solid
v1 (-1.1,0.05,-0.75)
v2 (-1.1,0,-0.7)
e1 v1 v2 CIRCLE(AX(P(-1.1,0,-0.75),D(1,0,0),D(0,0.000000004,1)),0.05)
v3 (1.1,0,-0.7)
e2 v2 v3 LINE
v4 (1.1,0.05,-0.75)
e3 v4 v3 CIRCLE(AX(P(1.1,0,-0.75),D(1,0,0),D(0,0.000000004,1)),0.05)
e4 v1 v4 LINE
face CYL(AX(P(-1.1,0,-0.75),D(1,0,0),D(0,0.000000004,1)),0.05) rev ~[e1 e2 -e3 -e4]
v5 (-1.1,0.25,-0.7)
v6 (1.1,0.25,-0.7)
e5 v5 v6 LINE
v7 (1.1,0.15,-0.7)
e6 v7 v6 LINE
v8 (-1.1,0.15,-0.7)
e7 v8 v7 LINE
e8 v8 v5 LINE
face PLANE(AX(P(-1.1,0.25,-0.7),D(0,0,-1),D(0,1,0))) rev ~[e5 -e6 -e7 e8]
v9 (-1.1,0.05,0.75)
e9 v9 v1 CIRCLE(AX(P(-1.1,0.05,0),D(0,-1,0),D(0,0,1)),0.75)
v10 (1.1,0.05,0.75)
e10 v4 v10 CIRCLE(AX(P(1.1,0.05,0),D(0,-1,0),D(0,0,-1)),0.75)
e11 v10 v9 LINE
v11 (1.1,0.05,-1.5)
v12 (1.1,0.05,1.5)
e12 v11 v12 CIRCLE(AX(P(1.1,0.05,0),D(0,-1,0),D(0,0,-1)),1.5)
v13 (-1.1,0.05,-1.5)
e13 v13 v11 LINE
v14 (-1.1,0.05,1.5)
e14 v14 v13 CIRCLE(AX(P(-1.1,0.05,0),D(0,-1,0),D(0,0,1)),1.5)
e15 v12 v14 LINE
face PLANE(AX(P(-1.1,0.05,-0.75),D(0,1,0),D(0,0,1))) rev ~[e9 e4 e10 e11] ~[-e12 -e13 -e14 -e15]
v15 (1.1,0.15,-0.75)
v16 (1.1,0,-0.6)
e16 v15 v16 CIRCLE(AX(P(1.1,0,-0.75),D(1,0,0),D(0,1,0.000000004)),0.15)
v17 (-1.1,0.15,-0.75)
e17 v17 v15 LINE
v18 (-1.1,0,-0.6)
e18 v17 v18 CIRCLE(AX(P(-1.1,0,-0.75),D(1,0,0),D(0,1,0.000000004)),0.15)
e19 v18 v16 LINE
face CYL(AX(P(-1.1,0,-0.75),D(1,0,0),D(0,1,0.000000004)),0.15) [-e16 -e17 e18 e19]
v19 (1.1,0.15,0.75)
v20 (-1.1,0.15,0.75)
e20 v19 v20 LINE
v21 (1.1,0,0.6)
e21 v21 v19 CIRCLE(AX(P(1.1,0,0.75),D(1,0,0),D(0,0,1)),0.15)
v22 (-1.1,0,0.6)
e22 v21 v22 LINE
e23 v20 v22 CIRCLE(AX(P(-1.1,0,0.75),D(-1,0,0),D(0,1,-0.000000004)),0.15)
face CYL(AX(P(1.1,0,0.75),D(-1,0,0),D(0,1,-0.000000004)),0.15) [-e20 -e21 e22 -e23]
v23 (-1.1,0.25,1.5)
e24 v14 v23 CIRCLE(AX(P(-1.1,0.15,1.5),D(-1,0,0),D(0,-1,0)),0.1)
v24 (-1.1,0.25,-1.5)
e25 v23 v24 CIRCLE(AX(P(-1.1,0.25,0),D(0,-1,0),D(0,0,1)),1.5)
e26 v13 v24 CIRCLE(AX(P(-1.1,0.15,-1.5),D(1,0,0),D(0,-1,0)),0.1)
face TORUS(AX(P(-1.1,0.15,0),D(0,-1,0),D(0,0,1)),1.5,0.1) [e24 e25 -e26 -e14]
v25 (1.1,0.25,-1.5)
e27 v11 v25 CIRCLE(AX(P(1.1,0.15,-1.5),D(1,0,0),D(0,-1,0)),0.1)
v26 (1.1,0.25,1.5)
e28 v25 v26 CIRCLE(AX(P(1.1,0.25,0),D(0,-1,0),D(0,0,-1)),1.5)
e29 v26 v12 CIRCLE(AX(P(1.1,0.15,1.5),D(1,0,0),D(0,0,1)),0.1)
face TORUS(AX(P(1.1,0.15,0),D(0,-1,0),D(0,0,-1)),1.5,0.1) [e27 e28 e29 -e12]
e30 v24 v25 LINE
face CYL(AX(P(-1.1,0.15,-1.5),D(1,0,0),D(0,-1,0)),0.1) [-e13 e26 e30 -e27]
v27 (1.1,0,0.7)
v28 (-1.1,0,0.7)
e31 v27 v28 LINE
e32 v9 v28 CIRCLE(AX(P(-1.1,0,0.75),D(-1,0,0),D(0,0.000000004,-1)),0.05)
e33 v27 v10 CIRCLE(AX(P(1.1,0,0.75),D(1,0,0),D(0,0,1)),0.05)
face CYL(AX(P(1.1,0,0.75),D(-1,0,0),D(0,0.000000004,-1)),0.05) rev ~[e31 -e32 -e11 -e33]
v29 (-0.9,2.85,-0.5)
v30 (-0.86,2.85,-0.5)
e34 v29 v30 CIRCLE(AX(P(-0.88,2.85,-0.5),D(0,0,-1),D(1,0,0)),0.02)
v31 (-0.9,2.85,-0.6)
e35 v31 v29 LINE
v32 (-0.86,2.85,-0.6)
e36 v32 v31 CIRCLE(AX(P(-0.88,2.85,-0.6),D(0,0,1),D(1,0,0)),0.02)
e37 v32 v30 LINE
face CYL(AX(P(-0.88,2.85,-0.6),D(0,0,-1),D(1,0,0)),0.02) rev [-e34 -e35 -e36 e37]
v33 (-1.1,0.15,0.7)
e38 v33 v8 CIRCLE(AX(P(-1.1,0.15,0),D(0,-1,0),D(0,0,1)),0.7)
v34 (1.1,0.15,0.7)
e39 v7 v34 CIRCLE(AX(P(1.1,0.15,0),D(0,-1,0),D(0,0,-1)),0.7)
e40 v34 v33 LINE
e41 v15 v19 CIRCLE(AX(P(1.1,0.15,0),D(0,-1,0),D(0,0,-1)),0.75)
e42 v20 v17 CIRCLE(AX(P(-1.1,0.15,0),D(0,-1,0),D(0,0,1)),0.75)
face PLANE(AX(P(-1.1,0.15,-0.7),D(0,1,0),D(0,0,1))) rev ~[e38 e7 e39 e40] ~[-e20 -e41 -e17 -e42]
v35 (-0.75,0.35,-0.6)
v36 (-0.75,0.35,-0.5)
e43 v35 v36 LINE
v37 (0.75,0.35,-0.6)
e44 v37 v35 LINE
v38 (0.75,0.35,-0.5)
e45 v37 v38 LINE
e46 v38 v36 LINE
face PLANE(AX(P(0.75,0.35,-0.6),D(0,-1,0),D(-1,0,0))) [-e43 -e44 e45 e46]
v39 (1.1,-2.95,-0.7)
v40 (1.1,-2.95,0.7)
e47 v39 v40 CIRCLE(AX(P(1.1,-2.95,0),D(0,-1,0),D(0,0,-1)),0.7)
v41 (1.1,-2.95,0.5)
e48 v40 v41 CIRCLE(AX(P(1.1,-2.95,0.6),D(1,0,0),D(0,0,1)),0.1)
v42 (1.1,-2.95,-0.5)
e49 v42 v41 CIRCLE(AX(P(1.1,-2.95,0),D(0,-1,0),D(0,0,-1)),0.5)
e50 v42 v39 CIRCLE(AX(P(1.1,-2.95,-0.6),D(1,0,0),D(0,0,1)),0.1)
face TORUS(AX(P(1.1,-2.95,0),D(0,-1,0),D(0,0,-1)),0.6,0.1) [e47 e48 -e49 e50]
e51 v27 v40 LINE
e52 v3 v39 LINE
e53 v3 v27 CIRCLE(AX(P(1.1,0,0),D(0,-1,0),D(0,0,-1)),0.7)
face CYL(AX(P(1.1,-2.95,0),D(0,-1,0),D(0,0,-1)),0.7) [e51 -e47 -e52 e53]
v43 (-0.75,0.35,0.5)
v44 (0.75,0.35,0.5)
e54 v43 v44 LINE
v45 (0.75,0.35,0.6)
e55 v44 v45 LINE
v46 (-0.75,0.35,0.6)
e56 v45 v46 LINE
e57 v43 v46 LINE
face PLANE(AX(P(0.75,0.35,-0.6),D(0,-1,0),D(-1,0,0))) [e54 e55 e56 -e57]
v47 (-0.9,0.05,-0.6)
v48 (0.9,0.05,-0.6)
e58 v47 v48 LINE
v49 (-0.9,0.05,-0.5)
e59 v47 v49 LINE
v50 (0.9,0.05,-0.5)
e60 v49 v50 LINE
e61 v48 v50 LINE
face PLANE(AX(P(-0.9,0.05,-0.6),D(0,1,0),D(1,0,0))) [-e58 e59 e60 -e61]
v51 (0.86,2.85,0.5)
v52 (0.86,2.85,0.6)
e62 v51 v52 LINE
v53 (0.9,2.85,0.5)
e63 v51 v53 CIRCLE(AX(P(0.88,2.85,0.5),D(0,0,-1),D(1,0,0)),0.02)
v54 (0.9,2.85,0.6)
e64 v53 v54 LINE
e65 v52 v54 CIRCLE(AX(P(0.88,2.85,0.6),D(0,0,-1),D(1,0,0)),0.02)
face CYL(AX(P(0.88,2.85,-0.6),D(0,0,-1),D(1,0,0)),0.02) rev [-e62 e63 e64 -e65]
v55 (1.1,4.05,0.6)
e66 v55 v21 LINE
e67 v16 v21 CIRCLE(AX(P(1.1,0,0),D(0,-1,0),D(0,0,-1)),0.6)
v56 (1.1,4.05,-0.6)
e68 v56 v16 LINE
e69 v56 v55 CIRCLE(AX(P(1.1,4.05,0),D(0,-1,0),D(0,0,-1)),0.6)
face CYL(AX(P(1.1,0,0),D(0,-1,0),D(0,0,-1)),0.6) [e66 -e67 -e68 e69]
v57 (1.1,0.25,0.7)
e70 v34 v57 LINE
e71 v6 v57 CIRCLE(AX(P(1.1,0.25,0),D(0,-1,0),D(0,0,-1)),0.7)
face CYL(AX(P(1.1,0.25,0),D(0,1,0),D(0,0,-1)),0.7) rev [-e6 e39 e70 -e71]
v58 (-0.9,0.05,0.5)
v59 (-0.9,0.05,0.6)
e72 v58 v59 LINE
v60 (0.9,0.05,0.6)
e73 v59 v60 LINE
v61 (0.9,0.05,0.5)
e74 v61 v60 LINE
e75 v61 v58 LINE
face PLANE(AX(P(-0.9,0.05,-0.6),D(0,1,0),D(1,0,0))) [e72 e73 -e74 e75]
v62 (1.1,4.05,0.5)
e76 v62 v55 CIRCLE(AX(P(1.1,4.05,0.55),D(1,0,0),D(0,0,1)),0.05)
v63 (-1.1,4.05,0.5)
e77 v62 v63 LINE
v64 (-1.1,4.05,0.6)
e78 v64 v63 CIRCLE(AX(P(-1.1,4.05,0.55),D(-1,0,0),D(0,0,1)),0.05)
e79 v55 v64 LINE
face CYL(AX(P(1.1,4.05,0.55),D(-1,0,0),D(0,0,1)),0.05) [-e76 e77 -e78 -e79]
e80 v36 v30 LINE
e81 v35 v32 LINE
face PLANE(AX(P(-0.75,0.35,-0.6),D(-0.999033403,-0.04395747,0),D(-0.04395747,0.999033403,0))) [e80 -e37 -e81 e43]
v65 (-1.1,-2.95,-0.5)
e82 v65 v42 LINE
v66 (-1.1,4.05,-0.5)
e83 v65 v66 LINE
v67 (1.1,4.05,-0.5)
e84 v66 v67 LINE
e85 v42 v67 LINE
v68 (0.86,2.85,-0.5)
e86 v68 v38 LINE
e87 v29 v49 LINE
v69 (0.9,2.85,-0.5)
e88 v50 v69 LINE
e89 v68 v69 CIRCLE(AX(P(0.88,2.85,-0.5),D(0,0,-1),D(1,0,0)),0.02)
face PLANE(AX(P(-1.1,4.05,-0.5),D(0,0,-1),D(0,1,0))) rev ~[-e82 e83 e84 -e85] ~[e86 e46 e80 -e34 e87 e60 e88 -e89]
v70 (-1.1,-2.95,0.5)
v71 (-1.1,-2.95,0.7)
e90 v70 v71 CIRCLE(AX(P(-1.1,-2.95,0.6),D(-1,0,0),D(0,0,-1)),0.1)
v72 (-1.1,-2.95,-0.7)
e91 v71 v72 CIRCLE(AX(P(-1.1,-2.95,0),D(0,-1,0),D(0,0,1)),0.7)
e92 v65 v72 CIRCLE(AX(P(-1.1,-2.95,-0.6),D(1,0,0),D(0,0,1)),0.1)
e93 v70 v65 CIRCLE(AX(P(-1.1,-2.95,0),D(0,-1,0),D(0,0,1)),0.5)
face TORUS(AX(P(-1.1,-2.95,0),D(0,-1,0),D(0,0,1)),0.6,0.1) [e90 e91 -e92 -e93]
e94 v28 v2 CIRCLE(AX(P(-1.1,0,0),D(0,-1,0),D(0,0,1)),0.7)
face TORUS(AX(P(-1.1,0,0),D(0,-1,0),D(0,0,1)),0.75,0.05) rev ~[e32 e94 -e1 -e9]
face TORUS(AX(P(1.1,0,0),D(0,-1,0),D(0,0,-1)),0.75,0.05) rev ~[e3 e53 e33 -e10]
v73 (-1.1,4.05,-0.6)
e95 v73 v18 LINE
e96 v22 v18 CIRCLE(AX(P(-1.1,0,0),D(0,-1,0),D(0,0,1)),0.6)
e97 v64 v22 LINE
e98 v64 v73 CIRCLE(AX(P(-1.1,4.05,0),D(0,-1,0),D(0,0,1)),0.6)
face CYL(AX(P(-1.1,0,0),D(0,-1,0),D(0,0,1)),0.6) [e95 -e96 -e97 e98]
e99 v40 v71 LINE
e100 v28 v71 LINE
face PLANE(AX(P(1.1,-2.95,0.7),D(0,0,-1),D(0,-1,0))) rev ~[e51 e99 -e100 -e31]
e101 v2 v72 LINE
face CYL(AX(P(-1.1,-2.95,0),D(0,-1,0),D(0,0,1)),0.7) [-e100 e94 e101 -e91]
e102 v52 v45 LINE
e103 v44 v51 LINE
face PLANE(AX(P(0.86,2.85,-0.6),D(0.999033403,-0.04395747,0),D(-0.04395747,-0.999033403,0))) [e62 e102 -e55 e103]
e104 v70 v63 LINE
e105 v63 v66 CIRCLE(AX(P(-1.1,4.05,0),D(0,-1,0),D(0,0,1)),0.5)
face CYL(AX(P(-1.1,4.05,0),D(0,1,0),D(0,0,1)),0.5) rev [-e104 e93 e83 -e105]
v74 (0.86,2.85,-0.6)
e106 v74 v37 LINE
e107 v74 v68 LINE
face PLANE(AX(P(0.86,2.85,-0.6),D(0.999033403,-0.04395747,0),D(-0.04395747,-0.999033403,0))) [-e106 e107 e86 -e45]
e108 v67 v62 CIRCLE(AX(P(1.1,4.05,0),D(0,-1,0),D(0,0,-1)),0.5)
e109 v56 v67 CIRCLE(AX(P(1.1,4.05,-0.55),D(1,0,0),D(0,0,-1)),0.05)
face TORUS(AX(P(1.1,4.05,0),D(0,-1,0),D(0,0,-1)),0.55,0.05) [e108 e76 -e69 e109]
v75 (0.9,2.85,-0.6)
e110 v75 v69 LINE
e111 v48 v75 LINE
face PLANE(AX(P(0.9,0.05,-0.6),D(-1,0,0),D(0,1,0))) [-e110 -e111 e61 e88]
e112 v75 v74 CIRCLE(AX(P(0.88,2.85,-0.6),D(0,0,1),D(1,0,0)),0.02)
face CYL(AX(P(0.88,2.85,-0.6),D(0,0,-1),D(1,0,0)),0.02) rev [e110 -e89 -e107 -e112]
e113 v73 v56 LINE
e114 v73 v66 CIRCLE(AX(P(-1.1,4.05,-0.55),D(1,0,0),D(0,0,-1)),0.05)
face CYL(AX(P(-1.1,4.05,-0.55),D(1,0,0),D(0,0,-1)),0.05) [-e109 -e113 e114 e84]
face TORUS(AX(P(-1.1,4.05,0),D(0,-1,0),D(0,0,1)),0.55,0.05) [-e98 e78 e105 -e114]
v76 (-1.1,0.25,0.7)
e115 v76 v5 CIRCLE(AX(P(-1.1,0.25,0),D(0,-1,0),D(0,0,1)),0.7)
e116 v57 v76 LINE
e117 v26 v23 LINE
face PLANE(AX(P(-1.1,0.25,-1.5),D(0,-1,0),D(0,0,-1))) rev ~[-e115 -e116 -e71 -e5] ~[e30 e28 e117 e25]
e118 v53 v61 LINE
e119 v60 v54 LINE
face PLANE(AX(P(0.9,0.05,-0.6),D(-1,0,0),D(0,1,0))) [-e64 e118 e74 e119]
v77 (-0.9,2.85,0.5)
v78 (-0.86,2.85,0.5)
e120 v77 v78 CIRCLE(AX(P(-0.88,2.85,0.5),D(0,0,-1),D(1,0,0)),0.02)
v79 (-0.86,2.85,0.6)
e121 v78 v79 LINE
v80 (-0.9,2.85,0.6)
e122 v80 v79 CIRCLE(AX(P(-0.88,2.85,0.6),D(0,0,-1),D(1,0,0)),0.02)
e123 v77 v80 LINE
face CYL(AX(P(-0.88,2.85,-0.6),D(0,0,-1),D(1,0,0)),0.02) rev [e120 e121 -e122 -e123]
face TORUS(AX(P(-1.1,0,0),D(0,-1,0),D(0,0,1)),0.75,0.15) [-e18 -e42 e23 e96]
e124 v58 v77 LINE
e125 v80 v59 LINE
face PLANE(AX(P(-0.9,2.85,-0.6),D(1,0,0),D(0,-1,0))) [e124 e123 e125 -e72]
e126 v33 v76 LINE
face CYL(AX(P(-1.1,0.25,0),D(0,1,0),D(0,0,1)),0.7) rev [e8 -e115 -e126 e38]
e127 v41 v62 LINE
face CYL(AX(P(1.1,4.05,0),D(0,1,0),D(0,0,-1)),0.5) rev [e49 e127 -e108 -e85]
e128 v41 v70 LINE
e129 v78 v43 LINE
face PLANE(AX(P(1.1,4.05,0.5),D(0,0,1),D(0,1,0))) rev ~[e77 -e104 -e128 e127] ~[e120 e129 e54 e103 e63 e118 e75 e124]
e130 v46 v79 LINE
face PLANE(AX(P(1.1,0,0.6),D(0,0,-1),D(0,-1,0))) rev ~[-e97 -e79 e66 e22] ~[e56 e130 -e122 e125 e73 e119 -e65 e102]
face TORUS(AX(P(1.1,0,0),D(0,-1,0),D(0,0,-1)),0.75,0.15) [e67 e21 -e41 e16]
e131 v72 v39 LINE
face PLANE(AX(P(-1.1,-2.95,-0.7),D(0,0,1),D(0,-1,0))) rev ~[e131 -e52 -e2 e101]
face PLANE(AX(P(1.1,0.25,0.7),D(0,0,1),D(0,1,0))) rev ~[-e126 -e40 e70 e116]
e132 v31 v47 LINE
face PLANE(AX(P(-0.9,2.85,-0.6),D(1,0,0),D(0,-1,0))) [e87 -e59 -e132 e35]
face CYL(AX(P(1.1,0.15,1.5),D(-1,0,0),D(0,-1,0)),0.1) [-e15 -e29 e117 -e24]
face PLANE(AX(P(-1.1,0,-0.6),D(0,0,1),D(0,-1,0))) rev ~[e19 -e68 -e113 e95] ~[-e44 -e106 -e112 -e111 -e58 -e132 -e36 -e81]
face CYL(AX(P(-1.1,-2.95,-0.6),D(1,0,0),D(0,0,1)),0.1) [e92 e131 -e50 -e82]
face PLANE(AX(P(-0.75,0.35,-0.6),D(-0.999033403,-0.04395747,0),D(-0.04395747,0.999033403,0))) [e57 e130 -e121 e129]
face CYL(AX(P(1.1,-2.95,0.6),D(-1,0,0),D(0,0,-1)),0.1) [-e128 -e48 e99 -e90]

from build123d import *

# Parameters (mm, degrees)
CUT_EXTRUDE1_REACH = 7.38


with BuildPart() as part:
    # Sweep1: sweep along a path in Sketch2
    with BuildLine(Plane(origin=(0, 0, 0), x_dir=(1, 0, 0), z_dir=(0, 1, 0))) as sweep1_path:
        Line((-1.1, 0.5), (1.1, 0.5))
        ThreePointArc((1.1, 0.5), (1.6, 0), (1.1, -0.5))
        Line((1.1, -0.5), (-1.1, -0.5))
        ThreePointArc((-1.1, -0.5), (-1.6, 0), (-1.1, 0.5))
    # Sketch1 → Sweep1 (sweep)
    with BuildSketch(Plane.XY):
        with BuildLine():
            Line((-1.6, 4.05), (-1.6, -2.95))
            ThreePointArc((-1.6, -2.95), (-1.7, -3.05), (-1.8, -2.95))
            Line((-1.8, -2.95), (-1.8, 0))
            ThreePointArc((-1.8, 0), (-1.814644661, 0.035355339), (-1.85, 0.05))
            Line((-1.85, 0.05), (-2.6, 0.05))
            ThreePointArc((-2.6, 0.05), (-2.7, 0.15), (-2.6, 0.25))
            Line((-2.6, 0.25), (-1.8, 0.25))
            Line((-1.8, 0.25), (-1.8, 0.15))
            Line((-1.8, 0.15), (-1.85, 0.15))
            ThreePointArc((-1.85, 0.15), (-1.743933983, 0.106066017), (-1.7, 0))
            Line((-1.7, 0), (-1.7, 4.05))
            ThreePointArc((-1.7, 4.05), (-1.65, 4.1), (-1.6, 4.05))
        make_face()
    sweep(path=sweep1_path.line)

    # Cut-Extrude1: up to this face of the body (flat: up to its plane)
    cut_extrude1_end = Plane(part.part.faces().sort_by_distance((0, 2.025, 0.6))[0])
    # Sketch6 → Cut-Extrude1 (cut, up to the picked face)
    with BuildSketch(Plane(origin=(0, 0, -0.6), x_dir=(-1, 0, 0), z_dir=(0, 0, -1)), mode=Mode.PRIVATE) as cut_extrude1_sk1:
        with BuildLine():
            Line((-0.86, 2.85), (-0.75, 0.35))
            Line((-0.75, 0.35), (0.75, 0.35))
            Line((0.75, 0.35), (0.86, 2.85))
            ThreePointArc((0.86, 2.85), (0.88, 2.87), (0.9, 2.85))
            Line((0.9, 2.85), (0.9, 0.05))
            Line((0.9, 0.05), (-0.9, 0.05))
            Line((-0.9, 0.05), (-0.9, 2.85))
            ThreePointArc((-0.9, 2.85), (-0.88, 2.87), (-0.86, 2.85))
        make_face()
    cut_extrude1_tool1 = split(extrude(cut_extrude1_sk1.sketch, amount=-CUT_EXTRUDE1_REACH, mode=Mode.PRIVATE), bisect_by=cut_extrude1_end, keep=Keep.BOTH, mode=Mode.PRIVATE)
    add(cut_extrude1_tool1.solids().sort_by(Axis((0.838423, 1.598529, -0.6), (0, 0, 1)))[0], mode=Mode.SUBTRACT)


solid = part.part
